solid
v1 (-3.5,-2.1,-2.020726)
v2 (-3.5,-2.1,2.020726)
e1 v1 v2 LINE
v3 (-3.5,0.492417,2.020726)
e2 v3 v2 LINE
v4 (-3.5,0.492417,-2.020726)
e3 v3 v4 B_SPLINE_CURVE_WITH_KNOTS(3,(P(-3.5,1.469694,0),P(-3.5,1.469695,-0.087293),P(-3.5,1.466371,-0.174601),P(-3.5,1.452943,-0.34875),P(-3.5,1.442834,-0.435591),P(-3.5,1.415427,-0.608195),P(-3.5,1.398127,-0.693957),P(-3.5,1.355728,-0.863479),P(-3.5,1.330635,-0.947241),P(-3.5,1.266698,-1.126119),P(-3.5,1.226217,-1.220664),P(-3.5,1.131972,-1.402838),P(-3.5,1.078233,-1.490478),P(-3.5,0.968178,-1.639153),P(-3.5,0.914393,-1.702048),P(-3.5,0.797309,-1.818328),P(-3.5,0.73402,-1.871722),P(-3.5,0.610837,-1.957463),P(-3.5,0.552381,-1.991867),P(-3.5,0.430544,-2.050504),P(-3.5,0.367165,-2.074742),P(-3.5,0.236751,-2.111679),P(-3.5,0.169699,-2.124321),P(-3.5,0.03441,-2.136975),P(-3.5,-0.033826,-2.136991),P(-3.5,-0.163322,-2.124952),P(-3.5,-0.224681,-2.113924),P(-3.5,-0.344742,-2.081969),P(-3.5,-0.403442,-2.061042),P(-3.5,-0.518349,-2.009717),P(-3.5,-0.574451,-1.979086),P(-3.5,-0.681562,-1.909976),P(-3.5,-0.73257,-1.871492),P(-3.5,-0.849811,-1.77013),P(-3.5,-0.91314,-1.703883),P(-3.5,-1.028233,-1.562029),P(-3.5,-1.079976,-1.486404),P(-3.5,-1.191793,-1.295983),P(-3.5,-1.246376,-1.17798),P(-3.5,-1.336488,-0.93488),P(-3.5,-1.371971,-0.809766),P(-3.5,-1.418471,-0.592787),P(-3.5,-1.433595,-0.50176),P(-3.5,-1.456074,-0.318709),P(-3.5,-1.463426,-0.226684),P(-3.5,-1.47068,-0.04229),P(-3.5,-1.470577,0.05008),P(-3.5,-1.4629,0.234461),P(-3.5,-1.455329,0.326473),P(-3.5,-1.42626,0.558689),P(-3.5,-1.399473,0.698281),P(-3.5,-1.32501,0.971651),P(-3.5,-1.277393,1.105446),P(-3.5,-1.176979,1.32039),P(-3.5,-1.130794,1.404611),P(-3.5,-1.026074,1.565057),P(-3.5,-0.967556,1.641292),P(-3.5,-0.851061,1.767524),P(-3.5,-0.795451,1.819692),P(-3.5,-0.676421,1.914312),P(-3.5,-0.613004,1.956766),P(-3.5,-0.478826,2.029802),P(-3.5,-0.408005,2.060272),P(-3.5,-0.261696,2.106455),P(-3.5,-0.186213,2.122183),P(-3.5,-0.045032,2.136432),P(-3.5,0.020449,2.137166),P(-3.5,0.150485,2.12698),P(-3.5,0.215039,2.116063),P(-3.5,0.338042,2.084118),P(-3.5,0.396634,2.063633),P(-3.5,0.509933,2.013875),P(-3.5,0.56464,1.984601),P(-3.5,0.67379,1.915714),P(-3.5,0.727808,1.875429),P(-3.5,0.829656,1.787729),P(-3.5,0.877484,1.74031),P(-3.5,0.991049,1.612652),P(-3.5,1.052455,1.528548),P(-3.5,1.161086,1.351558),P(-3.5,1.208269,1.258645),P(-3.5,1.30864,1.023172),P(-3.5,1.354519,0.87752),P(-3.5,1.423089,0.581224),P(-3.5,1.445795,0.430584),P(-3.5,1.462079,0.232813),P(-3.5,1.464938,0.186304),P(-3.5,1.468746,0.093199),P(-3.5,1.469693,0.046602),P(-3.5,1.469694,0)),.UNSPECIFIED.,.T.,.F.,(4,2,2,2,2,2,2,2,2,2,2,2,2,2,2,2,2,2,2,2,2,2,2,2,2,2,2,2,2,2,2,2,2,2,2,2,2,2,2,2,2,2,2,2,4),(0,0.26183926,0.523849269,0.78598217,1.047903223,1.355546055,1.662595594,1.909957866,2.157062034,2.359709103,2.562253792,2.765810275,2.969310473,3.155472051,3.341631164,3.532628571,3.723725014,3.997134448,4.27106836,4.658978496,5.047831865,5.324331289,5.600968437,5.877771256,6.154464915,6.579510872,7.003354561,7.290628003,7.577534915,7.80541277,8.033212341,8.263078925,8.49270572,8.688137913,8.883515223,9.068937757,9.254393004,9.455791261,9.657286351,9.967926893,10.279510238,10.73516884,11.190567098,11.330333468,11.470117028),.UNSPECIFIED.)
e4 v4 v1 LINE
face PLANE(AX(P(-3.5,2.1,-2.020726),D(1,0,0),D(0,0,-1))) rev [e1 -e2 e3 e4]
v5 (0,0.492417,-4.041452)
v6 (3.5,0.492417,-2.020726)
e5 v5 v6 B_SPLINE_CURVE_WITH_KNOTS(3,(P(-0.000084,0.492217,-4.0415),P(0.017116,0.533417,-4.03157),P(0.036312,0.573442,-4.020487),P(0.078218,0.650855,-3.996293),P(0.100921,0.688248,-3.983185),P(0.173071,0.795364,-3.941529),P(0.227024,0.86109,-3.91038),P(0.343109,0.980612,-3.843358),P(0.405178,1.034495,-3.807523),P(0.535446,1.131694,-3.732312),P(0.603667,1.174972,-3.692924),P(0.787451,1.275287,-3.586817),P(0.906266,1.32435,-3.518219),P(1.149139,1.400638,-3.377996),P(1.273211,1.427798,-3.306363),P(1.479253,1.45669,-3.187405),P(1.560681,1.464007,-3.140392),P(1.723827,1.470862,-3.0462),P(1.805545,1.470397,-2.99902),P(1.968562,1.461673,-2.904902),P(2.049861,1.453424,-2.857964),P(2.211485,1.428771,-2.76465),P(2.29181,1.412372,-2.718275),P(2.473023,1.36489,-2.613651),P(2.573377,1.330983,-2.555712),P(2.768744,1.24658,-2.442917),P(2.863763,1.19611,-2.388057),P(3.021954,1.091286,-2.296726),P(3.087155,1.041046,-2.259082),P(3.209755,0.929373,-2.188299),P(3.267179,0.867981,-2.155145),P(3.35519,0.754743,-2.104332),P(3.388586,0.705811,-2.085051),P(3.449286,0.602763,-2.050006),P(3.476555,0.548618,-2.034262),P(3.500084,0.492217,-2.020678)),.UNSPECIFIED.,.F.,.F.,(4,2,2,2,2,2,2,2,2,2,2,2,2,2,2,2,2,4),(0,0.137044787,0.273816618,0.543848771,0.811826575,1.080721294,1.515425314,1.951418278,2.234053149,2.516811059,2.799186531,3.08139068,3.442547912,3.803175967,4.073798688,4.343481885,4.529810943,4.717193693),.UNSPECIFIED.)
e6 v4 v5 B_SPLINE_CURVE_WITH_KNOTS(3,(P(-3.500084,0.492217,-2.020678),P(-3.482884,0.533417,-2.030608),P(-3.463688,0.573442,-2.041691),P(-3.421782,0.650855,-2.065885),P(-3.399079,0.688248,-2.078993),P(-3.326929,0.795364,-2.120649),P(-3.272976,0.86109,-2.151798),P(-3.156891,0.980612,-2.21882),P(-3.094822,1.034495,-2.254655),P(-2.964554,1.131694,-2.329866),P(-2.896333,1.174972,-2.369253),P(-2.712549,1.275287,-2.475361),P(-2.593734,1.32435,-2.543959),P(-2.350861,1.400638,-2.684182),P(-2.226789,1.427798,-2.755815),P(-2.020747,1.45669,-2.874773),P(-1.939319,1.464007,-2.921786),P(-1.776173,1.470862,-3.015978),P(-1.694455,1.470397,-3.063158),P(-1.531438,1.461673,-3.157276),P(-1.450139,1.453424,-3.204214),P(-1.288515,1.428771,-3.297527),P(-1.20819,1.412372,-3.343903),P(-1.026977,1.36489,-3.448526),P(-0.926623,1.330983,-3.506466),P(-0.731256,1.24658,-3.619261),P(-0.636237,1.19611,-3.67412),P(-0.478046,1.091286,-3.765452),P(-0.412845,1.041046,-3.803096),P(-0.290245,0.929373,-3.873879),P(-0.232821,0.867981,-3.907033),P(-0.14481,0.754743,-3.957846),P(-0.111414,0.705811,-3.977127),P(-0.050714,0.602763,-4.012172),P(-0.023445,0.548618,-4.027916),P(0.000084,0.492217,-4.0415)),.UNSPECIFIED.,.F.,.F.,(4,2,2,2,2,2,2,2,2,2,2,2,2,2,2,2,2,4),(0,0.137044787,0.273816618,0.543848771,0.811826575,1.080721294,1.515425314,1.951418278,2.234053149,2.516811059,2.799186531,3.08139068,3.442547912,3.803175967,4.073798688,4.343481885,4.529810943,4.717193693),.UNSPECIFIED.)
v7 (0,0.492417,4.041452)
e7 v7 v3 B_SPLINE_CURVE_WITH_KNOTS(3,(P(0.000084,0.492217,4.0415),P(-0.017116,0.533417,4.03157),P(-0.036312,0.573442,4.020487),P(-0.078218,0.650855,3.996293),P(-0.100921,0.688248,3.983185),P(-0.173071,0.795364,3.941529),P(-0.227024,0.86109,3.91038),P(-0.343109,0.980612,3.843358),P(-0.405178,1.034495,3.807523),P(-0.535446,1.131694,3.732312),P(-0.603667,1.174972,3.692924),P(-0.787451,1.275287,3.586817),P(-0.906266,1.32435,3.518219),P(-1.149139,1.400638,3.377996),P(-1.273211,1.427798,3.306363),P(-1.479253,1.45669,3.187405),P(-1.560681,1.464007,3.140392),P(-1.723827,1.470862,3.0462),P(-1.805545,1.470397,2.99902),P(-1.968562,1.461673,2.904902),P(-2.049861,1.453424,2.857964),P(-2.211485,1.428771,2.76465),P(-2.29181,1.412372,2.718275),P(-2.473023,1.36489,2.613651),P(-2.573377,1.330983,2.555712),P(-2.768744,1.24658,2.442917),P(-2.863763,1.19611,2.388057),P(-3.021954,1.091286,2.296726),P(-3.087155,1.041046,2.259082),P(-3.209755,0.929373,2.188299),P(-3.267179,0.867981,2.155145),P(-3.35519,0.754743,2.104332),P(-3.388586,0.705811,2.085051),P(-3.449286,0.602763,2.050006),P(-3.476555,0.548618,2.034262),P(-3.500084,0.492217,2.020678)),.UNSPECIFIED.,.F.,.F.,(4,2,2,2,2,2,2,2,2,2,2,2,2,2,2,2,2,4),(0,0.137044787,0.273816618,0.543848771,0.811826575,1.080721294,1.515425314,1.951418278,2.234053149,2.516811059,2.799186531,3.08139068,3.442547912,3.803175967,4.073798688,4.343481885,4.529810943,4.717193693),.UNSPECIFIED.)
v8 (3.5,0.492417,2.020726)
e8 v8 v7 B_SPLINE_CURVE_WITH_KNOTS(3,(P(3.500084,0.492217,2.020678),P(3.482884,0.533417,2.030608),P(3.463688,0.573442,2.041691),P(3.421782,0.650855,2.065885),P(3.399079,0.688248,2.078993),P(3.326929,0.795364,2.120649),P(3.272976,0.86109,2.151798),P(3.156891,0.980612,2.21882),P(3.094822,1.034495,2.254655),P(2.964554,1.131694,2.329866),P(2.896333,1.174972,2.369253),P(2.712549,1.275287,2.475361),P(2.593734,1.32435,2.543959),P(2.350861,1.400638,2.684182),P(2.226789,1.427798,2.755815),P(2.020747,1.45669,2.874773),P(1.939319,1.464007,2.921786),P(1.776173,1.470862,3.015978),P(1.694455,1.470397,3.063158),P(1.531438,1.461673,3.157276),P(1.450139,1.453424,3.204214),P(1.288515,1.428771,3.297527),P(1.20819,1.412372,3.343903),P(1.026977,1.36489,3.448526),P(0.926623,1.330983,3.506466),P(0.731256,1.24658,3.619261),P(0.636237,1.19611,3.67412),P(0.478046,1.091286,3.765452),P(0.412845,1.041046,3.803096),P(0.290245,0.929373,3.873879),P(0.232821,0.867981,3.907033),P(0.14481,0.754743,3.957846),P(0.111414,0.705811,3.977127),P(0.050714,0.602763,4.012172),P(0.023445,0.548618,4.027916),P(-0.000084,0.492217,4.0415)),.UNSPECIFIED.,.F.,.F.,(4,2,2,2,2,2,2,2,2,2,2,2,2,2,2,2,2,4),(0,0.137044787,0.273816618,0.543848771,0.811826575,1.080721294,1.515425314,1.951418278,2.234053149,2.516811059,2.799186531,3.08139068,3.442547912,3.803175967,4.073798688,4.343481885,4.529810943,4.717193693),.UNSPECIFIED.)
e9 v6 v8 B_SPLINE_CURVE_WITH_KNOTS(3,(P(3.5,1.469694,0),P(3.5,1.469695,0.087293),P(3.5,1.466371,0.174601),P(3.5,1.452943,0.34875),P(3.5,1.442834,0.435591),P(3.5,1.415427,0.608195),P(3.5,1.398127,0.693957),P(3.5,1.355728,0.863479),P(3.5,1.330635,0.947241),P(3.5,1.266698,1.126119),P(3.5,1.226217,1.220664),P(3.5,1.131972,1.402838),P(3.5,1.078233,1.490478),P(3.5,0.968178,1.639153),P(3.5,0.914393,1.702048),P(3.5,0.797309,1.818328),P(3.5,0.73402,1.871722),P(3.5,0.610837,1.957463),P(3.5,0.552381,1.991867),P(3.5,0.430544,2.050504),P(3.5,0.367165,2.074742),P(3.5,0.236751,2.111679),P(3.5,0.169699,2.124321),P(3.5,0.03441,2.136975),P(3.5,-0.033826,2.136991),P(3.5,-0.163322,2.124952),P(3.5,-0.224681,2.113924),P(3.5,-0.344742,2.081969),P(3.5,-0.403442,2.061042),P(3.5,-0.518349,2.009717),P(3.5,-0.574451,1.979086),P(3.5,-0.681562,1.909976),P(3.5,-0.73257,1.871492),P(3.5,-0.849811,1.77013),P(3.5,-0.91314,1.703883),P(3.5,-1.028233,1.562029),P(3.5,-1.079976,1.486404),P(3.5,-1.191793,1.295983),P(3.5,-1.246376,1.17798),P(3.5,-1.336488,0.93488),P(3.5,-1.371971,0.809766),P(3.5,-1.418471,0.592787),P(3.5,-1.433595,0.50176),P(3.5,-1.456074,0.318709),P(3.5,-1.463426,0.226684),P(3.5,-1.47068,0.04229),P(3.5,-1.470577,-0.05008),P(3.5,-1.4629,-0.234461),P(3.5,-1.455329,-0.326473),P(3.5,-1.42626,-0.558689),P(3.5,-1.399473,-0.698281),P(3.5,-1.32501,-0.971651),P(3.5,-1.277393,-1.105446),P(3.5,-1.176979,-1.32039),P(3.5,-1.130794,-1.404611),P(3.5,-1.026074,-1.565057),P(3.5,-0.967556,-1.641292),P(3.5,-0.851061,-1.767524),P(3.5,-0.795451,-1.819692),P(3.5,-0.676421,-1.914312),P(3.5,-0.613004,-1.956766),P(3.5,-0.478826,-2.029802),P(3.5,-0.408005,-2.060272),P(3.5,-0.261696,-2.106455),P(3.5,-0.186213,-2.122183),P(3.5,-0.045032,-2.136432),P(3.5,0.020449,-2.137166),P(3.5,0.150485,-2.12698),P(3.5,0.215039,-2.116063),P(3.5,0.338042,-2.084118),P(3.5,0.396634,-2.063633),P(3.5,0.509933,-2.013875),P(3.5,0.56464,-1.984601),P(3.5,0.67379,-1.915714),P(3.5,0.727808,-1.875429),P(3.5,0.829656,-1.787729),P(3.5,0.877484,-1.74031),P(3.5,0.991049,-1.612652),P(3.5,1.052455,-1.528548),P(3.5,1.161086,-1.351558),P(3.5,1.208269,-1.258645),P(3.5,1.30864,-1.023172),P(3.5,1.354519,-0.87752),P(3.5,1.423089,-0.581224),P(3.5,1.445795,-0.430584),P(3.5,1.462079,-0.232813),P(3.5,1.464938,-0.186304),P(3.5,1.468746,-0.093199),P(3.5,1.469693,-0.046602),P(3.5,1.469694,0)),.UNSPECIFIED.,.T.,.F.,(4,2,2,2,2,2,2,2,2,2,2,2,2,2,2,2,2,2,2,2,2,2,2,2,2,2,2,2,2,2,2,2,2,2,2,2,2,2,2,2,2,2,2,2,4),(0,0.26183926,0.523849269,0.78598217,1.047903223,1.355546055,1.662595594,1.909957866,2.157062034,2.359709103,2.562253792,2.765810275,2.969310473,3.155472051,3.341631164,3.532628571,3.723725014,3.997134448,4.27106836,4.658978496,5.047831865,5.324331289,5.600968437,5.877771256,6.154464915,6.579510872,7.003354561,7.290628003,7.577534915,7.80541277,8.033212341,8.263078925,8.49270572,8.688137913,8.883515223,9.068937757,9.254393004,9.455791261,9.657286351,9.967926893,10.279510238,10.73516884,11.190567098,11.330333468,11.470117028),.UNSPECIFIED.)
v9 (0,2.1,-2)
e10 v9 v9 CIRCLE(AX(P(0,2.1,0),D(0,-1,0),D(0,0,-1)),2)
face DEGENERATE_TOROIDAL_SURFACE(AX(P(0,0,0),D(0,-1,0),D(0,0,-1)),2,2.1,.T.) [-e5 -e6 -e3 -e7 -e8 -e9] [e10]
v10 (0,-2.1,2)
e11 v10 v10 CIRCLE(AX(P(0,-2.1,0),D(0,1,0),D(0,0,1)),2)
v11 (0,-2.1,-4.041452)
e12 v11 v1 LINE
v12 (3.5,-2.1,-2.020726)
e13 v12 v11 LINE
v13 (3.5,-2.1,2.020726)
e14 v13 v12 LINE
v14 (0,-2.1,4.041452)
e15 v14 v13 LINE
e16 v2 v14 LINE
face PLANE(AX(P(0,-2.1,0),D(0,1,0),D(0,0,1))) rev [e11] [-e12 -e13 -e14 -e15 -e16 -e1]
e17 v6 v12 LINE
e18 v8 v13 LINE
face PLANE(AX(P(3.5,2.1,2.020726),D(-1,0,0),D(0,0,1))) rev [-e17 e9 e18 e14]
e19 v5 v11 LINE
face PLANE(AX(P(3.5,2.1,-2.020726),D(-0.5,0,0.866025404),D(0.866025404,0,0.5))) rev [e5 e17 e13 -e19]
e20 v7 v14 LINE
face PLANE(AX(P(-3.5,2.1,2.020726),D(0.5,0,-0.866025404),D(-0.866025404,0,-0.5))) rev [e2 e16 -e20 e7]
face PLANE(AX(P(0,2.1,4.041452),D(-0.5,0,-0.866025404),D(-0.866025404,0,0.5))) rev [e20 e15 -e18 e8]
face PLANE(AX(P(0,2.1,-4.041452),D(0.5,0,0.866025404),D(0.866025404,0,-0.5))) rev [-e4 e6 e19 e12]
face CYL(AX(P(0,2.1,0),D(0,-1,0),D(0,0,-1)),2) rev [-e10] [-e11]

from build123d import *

# Parameters (mm, degrees)
SKETCH3_R           = 2
BOSS_EXTRUDE1_DEPTH = 2.1


with BuildPart() as part:
    # Sketch3 → Boss-Extrude1 (new, symmetric)
    with BuildSketch(Plane(origin=(0, 0, 0), x_dir=(1, 0, 0), z_dir=(0, 1, 0))):
        Polygon((3.5, 2.020725942), (0, 4.041451884), (-3.5, 2.020725942), (-3.5, -2.020725942), (0, -4.041451884), (3.5, -2.020725942), align=None)
        Circle(SKETCH3_R, mode=Mode.SUBTRACT)
    extrude(amount=BOSS_EXTRUDE1_DEPTH, both=True)

    # Sketch5 → Cut-Revolve1 (revolve, cut)
    with BuildSketch(Plane(origin=(0, 0, 0), x_dir=(0, 0, -1), z_dir=(1, 0, 0))):
        with BuildLine():
            Line((2, 2.1), (4.041451884, 2.1))
            Line((4.041451884, 2.1), (4.041451884, 0.492416697))
            ThreePointArc((4.041451884, 0.492416697), (3.299216097, 1.649859852), (2, 2.1))
        make_face()
    revolve(axis=Axis((0, 0, 0), (0, 1, 0)), mode=Mode.SUBTRACT)


solid = part.part
